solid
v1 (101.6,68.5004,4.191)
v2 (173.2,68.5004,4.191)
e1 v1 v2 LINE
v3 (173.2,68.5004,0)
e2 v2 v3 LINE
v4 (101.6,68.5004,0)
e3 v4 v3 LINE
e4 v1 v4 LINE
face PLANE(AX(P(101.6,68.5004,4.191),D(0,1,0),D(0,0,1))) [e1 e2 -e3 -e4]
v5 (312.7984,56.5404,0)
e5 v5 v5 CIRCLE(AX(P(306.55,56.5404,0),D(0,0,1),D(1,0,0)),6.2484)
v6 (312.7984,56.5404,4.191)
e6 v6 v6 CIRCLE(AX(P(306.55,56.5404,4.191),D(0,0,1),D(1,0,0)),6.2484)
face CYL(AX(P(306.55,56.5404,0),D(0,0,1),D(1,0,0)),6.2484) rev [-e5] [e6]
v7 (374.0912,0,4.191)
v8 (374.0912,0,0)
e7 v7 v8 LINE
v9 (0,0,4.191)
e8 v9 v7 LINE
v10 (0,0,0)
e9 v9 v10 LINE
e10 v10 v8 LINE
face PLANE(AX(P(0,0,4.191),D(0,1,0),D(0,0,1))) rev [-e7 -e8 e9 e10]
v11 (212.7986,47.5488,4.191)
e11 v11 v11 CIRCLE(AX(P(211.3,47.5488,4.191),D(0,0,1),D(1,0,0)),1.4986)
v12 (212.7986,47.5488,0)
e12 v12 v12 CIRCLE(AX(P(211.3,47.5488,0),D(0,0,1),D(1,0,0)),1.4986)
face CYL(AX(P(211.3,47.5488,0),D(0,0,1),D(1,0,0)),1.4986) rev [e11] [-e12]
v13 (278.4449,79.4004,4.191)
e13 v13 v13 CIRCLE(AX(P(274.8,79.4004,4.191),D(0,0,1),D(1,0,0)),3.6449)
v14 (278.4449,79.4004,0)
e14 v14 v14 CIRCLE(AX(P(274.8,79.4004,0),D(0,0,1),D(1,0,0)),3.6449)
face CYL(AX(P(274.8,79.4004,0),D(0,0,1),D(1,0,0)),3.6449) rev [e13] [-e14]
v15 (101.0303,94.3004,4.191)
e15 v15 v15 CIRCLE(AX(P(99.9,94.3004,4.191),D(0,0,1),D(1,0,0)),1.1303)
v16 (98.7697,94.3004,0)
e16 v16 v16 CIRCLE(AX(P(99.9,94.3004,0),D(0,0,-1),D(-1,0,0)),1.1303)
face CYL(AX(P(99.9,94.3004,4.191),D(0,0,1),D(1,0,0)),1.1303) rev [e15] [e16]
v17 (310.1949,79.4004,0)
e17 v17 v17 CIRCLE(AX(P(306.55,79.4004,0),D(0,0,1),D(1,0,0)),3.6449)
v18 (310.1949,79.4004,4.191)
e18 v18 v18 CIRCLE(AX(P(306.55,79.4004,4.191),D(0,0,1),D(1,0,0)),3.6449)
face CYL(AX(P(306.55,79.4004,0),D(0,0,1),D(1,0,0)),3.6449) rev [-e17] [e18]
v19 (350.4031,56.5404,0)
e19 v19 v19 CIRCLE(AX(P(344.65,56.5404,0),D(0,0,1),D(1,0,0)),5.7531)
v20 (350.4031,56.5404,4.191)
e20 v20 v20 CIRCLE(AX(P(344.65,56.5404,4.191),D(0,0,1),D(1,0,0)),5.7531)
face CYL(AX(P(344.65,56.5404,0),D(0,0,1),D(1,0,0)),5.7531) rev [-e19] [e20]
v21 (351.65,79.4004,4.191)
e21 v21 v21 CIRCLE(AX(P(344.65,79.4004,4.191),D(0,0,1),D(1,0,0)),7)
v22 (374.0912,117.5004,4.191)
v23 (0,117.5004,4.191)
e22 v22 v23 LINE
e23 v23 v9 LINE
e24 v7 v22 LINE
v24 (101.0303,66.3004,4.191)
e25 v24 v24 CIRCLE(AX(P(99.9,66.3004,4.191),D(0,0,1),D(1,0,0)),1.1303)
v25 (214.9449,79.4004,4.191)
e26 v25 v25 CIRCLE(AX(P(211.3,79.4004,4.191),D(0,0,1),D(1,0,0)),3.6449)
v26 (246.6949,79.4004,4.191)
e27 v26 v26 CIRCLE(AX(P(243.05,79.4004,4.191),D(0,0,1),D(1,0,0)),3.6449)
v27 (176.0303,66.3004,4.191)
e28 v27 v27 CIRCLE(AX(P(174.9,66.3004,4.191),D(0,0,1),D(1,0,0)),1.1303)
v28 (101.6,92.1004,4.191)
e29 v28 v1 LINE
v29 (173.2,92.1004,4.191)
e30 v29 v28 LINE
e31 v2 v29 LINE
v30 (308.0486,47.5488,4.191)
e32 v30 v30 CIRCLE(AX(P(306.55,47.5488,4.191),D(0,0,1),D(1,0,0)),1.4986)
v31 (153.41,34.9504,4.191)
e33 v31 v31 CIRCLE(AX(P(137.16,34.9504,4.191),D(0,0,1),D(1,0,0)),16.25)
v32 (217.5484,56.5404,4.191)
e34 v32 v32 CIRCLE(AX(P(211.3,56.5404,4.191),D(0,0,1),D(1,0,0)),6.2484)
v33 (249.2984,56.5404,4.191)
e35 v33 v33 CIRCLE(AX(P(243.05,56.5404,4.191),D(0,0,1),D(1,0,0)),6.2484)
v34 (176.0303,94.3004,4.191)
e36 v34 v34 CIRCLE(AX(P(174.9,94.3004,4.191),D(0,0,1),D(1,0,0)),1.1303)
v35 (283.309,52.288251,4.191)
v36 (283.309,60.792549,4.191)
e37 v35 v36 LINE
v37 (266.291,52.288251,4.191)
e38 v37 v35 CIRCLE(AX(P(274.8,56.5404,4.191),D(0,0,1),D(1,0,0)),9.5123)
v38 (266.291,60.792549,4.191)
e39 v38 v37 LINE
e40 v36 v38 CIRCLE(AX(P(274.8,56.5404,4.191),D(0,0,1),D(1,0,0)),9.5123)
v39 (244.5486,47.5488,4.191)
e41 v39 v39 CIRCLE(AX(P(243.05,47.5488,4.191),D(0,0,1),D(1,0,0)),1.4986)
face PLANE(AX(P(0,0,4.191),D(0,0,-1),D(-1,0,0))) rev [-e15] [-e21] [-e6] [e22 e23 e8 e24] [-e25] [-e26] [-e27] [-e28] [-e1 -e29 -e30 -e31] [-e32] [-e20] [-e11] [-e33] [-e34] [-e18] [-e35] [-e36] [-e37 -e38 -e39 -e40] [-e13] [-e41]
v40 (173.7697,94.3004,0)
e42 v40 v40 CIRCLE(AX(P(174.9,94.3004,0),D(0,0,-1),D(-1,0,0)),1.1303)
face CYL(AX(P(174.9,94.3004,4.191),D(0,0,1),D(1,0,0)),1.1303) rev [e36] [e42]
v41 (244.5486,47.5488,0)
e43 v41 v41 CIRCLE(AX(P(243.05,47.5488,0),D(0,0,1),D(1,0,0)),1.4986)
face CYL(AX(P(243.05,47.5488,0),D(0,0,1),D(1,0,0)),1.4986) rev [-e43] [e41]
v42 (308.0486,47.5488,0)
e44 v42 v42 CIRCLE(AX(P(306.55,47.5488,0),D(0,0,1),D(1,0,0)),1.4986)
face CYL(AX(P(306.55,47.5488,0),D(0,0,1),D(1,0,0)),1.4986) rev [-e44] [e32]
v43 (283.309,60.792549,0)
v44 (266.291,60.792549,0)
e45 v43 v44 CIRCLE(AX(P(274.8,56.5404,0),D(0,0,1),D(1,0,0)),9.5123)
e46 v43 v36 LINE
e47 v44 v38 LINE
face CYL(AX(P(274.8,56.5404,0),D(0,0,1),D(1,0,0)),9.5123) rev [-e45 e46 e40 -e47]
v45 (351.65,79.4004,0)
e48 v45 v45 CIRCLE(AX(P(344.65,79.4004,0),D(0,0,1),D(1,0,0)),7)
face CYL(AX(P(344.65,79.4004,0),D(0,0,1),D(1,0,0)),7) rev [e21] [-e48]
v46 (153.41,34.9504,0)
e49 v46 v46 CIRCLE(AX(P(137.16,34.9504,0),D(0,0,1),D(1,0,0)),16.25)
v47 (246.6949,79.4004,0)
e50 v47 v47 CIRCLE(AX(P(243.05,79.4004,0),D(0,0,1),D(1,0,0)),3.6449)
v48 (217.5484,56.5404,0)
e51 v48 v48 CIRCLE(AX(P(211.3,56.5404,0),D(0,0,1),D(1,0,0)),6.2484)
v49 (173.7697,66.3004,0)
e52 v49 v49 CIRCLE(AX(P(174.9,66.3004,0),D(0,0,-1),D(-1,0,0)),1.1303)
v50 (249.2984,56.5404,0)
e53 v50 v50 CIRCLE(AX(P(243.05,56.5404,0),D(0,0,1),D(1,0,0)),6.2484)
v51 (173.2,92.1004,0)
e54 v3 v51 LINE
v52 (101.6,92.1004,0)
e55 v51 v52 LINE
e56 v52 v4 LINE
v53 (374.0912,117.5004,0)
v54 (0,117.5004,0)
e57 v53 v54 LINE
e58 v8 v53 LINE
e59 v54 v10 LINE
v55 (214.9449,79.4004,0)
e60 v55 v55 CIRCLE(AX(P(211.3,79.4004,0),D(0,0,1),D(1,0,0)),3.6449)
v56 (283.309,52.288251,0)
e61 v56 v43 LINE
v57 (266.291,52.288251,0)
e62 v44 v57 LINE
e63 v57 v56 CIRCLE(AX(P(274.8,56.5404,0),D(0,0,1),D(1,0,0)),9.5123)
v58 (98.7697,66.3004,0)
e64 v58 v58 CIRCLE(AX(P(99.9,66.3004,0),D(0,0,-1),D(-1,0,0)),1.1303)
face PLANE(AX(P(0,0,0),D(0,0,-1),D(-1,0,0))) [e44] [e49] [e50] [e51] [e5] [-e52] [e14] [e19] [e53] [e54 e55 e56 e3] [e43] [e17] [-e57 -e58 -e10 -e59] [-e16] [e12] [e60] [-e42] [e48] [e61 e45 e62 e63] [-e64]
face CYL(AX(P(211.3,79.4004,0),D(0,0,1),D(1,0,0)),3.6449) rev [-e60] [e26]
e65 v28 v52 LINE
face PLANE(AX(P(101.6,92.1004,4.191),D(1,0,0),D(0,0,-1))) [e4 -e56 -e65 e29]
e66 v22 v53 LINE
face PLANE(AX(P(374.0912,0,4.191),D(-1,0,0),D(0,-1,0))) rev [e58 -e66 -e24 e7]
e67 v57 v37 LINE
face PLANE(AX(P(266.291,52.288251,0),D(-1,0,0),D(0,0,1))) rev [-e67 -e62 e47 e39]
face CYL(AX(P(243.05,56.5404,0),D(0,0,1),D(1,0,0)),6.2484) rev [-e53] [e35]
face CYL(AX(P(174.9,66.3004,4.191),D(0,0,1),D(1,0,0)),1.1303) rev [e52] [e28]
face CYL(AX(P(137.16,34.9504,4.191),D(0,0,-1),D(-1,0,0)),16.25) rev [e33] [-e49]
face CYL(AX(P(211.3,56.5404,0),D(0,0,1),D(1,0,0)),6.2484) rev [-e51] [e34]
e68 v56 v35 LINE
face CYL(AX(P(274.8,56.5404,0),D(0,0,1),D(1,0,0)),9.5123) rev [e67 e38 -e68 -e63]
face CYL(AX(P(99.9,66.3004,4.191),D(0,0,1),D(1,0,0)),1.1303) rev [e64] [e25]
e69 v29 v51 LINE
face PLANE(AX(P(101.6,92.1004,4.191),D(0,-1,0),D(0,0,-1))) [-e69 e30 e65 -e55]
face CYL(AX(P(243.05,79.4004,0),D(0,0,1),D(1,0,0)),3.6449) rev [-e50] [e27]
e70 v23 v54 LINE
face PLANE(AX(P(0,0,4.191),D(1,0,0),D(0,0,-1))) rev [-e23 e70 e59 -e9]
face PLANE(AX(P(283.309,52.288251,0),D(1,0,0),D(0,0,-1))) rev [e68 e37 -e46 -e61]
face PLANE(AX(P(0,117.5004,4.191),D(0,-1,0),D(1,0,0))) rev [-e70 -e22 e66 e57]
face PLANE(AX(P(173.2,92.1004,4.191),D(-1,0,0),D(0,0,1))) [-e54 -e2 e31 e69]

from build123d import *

# Parameters (mm, degrees)
SKETCH2_W             = 374.0912
SKETCH2_H             = 117.5004
SKETCH2_R             = 16.25
SKETCH2_W_2           = 71.6
SKETCH2_H_2           = 23.6
BOSS_EXTRUDE1_DEPTH   = 4.191
F_4_40_TAPPED_HOLE1_D = 2.2606
SKETCH7_R             = 3.6449
SKETCH7_R_2           = 6.2484
SKETCH7_R_3           = 1.4986
SKETCH7_R_4           = 7
SKETCH7_R_5           = 5.7531
CUT_EXTRUDE1_DEPTH    = 393.132801993


with BuildPart() as part:
    # Sketch2 → Boss-Extrude1 (new body)
    with BuildSketch(Plane.XY):
        with Locations((187.0456, 58.7502)):
            Rectangle(SKETCH2_W, SKETCH2_H)
        with Locations((137.16, 34.9504)):
            Circle(SKETCH2_R, mode=Mode.SUBTRACT)
        with Locations((137.4, 80.3004)):
            Rectangle(SKETCH2_W_2, SKETCH2_H_2, mode=Mode.SUBTRACT)
    extrude(amount=BOSS_EXTRUDE1_DEPTH)

    # #4-40 Tapped Hole1 (through all)
    with Locations(Plane.XY.offset(4.191)):
        with Locations((99.9, 94.3004), (174.9, 94.3004), (174.9, 66.3004), (99.9, 66.3004)):
            Hole(F_4_40_TAPPED_HOLE1_D / 2)

    # Sketch7 → Cut-Extrude1 (cut, through all)
    with BuildSketch(Plane.XY.offset(4.191)):
        with Locations((211.3, 79.4004)):
            Circle(SKETCH7_R)
        with Locations((211.3, 56.5404)):
            Circle(SKETCH7_R_2)
        with Locations((211.3, 47.5488)):
            Circle(SKETCH7_R_3)
        with Locations((243.05, 79.4004)):
            Circle(SKETCH7_R)
        with Locations((243.05, 56.5404)):
            Circle(SKETCH7_R_2)
        with Locations((243.05, 47.5488)):
            Circle(SKETCH7_R_3)
        with Locations((274.8, 79.4004)):
            Circle(SKETCH7_R)
        with Locations((306.55, 79.4004)):
            Circle(SKETCH7_R)
        with Locations((306.55, 56.5404)):
            Circle(SKETCH7_R_2)
        with Locations((306.55, 47.5488)):
            Circle(SKETCH7_R_3)
        with Locations((344.65, 79.4004)):
            Circle(SKETCH7_R_4)
        with Locations((344.65, 56.5404)):
            Circle(SKETCH7_R_5)
        with BuildLine():
            Line((266.291, 52.288251097), (266.291, 60.792548903))
            ThreePointArc((266.291, 60.792548903), (274.8, 66.0527), (283.309, 60.792548903))
            Line((283.309, 60.792548903), (283.309, 52.288251097))
            ThreePointArc((283.309, 52.288251097), (274.8, 47.0281), (266.291, 52.288251097))
        make_face()
    extrude(amount=-CUT_EXTRUDE1_DEPTH, mode=Mode.SUBTRACT)


solid = part.part
